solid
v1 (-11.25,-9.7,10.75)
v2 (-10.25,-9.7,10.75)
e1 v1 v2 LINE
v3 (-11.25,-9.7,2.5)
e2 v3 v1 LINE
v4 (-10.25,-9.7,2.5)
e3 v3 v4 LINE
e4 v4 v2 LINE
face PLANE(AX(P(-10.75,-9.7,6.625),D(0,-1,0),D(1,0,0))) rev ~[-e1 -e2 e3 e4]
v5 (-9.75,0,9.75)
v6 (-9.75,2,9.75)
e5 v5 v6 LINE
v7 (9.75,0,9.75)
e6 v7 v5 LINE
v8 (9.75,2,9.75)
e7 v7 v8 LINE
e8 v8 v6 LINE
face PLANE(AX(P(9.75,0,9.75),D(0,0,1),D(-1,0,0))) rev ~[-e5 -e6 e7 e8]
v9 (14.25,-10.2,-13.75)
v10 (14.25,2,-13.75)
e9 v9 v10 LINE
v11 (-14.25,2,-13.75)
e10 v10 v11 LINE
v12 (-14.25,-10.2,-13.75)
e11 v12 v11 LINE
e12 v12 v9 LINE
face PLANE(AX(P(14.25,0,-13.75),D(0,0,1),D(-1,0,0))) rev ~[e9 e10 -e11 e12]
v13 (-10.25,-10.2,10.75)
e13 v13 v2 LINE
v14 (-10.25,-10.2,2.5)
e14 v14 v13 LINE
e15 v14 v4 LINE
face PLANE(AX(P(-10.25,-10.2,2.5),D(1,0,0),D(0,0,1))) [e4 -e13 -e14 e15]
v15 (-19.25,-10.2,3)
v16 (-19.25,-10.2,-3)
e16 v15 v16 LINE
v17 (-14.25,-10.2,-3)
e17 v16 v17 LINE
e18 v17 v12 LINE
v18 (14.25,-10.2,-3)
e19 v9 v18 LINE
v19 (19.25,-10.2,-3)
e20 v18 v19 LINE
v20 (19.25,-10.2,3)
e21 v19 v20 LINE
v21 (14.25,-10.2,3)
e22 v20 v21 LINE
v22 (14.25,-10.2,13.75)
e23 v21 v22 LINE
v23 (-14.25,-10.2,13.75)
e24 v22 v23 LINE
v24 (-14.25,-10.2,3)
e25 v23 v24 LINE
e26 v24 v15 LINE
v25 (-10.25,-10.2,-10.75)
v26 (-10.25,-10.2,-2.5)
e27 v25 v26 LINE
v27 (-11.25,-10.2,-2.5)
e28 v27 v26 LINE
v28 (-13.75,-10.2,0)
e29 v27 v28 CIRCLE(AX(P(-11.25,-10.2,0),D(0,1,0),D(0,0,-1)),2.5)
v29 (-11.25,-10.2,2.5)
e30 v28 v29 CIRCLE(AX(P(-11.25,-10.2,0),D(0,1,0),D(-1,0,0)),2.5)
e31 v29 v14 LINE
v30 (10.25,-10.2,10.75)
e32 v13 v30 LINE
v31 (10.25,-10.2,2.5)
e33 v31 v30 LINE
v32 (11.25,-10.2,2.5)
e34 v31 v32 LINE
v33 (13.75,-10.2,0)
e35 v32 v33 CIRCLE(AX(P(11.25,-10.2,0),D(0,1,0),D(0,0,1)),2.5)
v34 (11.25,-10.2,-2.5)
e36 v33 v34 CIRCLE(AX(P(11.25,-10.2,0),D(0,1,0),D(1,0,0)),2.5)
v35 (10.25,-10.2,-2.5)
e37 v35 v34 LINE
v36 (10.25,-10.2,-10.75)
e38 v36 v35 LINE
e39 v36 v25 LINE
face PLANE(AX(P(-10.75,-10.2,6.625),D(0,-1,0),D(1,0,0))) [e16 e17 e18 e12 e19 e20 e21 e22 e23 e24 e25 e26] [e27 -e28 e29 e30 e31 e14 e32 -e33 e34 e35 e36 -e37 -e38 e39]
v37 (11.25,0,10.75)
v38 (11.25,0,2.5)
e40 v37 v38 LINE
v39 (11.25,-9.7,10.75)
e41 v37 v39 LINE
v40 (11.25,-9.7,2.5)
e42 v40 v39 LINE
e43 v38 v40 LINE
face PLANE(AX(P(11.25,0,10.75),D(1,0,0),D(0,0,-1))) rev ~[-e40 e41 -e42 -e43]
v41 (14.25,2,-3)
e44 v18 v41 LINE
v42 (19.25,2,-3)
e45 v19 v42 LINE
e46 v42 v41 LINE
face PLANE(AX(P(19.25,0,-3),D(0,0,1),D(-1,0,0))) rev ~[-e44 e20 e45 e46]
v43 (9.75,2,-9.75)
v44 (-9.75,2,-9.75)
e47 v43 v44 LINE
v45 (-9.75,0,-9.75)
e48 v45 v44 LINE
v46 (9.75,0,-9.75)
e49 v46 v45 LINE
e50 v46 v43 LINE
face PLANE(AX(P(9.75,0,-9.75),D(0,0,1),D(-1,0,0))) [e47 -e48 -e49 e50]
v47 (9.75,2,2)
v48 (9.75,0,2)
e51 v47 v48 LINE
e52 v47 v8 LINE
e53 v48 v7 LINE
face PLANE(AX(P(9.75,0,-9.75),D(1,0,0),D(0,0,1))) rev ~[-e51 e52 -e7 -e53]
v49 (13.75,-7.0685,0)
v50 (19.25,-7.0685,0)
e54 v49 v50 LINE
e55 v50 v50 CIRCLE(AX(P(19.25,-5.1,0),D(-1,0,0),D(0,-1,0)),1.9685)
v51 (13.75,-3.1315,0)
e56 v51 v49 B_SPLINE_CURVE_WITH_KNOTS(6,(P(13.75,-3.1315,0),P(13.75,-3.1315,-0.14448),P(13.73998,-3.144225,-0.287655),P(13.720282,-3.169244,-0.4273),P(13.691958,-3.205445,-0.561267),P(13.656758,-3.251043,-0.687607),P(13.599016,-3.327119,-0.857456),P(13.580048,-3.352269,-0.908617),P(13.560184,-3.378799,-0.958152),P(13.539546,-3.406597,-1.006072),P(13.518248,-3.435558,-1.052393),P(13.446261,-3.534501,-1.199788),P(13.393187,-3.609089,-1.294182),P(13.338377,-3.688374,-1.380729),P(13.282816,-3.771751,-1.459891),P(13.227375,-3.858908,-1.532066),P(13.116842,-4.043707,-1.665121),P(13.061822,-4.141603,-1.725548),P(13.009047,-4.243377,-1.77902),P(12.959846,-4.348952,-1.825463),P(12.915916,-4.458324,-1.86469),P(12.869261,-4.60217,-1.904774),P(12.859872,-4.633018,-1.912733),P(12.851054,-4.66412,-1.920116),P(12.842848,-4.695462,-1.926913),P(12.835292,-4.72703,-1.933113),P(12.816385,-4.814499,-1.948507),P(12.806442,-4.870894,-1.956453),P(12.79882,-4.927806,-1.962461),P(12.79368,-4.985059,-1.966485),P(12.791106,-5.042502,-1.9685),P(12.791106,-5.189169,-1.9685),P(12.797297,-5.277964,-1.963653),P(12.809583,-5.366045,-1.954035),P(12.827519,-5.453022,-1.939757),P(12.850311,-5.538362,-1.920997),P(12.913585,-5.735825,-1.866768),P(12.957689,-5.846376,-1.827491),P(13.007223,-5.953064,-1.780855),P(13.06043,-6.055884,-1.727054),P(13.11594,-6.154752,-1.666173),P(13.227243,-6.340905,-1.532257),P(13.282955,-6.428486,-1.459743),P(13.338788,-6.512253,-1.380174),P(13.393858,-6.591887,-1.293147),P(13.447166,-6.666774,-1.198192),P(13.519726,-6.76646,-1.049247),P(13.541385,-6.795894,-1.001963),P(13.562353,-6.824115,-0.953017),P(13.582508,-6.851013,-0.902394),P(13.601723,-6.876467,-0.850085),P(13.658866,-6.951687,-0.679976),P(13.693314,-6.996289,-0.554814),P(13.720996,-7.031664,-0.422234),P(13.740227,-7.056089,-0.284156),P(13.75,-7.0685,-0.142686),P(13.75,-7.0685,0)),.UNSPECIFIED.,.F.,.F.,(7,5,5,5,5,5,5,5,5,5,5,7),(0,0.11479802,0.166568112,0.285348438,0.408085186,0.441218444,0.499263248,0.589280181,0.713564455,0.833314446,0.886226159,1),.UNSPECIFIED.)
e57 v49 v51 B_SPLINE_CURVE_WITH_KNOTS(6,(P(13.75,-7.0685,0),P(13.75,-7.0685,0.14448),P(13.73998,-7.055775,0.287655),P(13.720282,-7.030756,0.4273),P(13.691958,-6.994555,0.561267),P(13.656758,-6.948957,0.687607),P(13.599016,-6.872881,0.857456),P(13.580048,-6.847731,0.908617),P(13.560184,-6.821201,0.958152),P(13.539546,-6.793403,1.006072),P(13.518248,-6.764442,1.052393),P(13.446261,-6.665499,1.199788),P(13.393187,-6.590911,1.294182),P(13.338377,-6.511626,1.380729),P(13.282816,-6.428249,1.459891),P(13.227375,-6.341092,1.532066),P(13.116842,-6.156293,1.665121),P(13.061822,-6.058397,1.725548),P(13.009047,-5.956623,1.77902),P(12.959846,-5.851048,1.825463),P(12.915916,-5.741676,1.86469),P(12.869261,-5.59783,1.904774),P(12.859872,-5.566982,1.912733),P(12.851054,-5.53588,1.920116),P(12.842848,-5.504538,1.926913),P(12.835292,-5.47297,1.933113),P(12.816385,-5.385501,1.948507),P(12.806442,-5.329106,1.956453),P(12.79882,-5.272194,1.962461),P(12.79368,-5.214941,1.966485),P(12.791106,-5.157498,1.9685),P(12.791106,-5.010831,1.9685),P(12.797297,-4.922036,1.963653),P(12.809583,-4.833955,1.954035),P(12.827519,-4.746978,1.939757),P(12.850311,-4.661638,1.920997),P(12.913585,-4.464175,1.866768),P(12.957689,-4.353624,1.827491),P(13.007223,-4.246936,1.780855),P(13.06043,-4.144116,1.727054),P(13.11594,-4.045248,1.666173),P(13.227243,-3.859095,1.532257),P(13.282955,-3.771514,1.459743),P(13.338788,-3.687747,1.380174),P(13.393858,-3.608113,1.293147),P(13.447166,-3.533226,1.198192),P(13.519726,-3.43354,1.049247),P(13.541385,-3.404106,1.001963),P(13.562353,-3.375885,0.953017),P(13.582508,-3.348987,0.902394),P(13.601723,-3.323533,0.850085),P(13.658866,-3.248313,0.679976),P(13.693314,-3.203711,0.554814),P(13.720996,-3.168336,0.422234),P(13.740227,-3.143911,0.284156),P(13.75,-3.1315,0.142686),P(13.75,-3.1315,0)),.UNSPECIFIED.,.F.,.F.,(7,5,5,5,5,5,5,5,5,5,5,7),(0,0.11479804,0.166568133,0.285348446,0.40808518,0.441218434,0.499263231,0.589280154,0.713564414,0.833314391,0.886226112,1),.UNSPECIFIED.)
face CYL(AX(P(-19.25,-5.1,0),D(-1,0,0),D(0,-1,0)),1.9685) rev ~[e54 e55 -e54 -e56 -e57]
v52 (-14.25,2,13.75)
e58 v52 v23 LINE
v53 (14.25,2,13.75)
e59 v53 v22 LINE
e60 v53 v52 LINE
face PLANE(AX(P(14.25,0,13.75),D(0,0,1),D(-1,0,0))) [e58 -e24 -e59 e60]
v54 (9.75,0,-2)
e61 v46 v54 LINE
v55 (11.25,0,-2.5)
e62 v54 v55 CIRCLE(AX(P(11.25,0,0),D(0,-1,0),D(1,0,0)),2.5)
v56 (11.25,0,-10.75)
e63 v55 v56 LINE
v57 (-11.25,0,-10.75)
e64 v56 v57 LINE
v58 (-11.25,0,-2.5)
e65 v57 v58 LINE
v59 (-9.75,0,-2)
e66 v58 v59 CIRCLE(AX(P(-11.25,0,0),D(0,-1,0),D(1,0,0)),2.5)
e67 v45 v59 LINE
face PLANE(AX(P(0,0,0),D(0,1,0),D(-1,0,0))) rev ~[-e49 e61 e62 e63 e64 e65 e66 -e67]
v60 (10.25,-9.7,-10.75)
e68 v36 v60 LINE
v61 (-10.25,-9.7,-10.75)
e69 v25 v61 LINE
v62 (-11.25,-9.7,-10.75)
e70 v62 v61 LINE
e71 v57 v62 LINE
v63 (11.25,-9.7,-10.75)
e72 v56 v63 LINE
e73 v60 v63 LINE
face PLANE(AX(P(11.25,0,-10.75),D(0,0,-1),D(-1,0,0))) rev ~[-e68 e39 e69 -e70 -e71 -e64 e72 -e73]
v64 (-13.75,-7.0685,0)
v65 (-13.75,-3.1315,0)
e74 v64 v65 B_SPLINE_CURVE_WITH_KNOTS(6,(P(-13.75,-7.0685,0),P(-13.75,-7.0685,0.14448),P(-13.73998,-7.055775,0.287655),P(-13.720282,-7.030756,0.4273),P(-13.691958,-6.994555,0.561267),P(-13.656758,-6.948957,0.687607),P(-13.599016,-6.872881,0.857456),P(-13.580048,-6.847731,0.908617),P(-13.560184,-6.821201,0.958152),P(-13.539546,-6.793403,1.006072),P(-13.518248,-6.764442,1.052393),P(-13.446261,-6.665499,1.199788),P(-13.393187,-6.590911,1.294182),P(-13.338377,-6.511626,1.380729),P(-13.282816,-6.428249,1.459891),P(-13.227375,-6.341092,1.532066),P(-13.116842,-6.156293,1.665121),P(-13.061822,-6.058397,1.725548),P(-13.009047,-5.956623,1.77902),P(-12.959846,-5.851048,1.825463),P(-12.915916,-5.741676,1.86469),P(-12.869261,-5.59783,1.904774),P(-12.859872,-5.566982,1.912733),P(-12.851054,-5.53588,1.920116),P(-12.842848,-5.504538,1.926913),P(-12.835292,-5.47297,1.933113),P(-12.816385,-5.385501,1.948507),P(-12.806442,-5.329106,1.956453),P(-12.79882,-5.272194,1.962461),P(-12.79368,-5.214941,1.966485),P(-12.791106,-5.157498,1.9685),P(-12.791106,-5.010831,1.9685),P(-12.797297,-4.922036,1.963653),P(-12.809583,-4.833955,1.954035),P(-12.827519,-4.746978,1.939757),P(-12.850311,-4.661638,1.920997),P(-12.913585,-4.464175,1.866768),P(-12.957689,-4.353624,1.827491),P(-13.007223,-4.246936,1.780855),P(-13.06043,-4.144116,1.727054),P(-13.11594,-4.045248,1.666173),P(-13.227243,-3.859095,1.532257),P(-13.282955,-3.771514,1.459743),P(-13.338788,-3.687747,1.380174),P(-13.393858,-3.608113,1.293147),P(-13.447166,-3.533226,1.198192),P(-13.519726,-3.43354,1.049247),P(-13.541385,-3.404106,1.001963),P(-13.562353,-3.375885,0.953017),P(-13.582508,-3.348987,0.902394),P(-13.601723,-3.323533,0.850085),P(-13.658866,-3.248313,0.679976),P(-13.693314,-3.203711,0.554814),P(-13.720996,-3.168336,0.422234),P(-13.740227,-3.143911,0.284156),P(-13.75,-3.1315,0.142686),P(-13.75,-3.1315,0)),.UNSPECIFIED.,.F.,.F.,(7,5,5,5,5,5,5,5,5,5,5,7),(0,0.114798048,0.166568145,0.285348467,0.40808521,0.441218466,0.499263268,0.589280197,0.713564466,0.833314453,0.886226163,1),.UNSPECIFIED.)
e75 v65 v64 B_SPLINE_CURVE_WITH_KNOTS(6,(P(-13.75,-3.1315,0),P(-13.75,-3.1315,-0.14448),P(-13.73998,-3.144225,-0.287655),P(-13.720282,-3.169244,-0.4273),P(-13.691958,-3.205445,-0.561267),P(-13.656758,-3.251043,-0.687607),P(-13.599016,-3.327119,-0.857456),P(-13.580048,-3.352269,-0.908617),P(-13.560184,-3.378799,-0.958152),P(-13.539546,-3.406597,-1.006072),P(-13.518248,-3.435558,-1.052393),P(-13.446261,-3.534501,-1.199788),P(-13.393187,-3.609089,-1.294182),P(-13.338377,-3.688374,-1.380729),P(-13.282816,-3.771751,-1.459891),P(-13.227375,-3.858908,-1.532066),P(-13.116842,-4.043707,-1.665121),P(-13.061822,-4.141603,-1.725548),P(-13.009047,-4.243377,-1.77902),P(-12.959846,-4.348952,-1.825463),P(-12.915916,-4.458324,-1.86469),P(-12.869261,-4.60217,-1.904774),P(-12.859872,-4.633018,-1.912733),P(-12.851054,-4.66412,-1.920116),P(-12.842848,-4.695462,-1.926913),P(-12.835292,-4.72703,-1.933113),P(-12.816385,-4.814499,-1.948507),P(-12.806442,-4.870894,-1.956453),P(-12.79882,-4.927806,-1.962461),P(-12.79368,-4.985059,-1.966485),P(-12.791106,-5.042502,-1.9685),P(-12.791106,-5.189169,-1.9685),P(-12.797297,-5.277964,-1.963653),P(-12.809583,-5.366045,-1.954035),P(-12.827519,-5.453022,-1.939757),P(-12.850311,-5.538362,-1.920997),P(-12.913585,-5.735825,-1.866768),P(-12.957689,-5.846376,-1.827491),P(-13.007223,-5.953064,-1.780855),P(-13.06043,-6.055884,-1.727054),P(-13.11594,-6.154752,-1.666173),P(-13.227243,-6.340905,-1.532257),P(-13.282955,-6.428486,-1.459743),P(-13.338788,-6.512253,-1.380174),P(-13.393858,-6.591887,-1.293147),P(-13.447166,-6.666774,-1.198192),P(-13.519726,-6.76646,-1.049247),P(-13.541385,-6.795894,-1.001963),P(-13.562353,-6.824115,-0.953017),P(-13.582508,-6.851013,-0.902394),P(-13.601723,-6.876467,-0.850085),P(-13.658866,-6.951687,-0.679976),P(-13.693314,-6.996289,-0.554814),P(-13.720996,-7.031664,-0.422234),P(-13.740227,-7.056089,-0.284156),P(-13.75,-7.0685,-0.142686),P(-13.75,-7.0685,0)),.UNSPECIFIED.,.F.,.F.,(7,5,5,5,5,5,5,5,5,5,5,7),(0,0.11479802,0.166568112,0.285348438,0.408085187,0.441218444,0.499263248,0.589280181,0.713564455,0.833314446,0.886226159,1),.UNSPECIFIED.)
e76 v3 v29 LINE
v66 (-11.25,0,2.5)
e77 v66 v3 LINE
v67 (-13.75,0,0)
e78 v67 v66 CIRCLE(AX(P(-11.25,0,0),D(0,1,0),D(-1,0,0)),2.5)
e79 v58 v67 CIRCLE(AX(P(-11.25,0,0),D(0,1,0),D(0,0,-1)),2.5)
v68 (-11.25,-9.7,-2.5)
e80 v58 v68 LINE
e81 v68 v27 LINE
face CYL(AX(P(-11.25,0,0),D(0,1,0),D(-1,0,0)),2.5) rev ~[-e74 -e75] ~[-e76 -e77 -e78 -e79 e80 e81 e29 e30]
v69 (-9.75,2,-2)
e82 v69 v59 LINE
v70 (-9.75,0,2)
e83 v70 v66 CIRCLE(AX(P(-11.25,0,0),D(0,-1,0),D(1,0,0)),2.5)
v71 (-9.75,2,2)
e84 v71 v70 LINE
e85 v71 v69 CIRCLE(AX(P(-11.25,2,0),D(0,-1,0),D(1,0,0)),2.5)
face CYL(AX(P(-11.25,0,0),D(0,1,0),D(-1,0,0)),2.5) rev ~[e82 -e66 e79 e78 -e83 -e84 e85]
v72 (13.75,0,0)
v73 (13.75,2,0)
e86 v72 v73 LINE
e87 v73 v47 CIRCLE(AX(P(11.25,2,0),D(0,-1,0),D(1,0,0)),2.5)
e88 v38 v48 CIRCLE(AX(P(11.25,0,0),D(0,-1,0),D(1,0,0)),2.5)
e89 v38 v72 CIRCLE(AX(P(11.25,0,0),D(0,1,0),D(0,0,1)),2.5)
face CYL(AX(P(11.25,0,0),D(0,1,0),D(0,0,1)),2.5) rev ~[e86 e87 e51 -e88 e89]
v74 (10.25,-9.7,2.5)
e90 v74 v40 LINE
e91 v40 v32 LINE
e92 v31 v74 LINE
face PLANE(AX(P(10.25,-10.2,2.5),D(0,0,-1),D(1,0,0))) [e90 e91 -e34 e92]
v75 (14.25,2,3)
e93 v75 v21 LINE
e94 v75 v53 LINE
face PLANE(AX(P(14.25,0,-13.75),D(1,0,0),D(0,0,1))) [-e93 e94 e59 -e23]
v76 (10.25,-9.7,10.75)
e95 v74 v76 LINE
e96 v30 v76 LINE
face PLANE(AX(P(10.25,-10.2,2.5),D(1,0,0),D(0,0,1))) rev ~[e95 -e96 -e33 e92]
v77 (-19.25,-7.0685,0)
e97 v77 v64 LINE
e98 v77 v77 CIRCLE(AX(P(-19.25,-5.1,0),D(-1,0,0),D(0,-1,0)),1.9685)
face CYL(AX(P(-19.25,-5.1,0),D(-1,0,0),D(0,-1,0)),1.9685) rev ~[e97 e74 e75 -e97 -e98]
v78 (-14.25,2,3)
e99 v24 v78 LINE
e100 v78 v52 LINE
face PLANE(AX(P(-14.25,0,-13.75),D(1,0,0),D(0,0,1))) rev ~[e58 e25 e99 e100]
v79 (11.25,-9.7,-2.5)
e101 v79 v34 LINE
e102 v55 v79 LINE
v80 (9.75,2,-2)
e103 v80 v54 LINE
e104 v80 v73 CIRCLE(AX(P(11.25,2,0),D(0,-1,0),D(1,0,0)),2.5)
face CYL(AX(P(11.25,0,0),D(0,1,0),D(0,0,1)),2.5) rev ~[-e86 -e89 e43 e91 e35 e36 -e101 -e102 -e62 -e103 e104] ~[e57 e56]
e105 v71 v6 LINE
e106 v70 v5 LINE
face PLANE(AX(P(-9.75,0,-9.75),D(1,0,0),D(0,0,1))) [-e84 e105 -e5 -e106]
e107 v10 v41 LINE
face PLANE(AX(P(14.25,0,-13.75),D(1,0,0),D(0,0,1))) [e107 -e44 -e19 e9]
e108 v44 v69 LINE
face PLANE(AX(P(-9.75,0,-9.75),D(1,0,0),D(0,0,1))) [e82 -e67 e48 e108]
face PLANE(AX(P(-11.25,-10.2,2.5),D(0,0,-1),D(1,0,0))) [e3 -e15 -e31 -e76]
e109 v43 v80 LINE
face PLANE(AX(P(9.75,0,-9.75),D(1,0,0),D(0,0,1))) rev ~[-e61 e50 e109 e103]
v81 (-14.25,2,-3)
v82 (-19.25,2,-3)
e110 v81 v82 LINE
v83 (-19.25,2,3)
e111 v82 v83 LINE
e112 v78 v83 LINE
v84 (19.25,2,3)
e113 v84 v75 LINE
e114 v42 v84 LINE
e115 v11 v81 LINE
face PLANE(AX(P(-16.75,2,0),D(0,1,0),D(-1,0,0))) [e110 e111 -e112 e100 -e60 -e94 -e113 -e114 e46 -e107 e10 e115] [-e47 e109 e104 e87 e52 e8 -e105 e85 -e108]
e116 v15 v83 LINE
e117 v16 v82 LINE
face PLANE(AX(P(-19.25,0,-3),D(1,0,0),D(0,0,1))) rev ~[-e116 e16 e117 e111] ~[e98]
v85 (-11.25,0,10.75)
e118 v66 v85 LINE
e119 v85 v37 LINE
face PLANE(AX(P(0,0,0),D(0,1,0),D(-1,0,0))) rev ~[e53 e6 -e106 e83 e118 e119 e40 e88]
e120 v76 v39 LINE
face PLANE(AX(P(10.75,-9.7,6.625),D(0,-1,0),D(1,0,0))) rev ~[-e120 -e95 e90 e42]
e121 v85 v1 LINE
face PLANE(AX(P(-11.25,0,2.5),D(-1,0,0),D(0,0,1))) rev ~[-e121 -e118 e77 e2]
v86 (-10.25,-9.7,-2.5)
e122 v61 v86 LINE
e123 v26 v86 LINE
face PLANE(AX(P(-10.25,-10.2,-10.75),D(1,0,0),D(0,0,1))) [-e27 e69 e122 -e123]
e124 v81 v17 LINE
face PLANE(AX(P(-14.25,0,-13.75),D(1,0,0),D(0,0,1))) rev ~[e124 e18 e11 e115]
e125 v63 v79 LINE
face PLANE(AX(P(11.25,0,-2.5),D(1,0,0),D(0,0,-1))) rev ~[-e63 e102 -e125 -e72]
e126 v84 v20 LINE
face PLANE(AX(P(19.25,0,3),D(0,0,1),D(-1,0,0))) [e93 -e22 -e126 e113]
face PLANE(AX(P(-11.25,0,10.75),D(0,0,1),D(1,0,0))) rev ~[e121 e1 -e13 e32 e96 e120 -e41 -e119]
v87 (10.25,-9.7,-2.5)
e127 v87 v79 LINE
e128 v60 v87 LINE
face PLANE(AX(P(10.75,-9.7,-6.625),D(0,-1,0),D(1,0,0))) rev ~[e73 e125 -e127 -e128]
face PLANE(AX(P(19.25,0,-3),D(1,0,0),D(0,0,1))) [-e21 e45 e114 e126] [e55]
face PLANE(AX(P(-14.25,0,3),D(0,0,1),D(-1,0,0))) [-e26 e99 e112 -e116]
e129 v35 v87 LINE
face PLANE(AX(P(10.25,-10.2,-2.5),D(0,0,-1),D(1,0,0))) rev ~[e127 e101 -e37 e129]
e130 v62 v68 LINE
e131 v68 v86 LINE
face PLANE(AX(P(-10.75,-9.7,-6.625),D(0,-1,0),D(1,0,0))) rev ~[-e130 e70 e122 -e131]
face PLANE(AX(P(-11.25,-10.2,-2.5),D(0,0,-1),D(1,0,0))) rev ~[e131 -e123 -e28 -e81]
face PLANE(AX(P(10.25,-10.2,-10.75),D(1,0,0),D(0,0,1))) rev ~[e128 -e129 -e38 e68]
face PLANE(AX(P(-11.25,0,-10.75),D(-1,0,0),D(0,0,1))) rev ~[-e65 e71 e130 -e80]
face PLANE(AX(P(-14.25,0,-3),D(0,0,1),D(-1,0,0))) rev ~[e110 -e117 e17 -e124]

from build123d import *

# Parameters (mm, degrees)
F1_DEPTH  = 10.2
F2_W      = 28.5
F2_H      = 27.5
F2_W_2    = 19.5
F2_H_2    = 19.5
F3_DEPTH  = 2
F4_R      = 1.9685
F5_DEPTH  = 38.5
F6_W      = 5
F6_H      = 6
F7_DEPTH  = 2
F8_W      = 5
F8_H      = 6
F9_DEPTH  = 2
F10_W     = 1
F10_H     = 8.25
F11_DEPTH = 0.5
F12_R     = 2.5
F13_DEPTH = 12.201


with BuildPart() as f1:
    # F0 (on Front) → F1 (new body)
    with BuildSketch(Plane.XZ):
        with BuildLine():
            Line((-14.25, 3), (-19.25, 3))
            Line((-19.25, 3), (-19.25, 0))
            Line((-19.25, 0), (-13.75, 0))
            ThreePointArc((-13.75, 0), (-13.017766953, 1.767766953), (-11.25, 2.5))
            Line((-11.25, 2.5), (-11.25, 10.75))
            Line((-11.25, 10.75), (0, 10.75))
            Line((0, 10.75), (0, 13.75))
            Line((0, 13.75), (-14.25, 13.75))
            Line((-14.25, 13.75), (-14.25, 3))
        make_face()
        with BuildLine():
            Line((-13.75, 0), (-19.25, 0))
            Line((-19.25, 0), (-19.25, -3))
            Line((-19.25, -3), (-14.25, -3))
            Line((-14.25, -3), (-14.25, -13.75))
            Line((-14.25, -13.75), (0, -13.75))
            Line((0, -13.75), (0, -10.75))
            Line((0, -10.75), (-11.25, -10.75))
            Line((-11.25, -10.75), (-11.25, -2.5))
            ThreePointArc((-11.25, -2.5), (-13.017766953, -1.767766953), (-13.75, 0))
        make_face()
        with BuildLine():
            Line((14.25, 13.75), (0, 13.75))
            Line((0, 13.75), (0, 10.75))
            Line((0, 10.75), (11.25, 10.75))
            Line((11.25, 10.75), (11.25, 2.5))
            ThreePointArc((11.25, 2.5), (13.017766953, 1.767766953), (13.75, 0))
            Line((13.75, 0), (19.25, 0))
            Line((19.25, 0), (19.25, 3))
            Line((19.25, 3), (14.25, 3))
            Line((14.25, 3), (14.25, 13.75))
        make_face()
        with BuildLine():
            Line((11.25, -10.75), (0, -10.75))
            Line((0, -10.75), (0, -13.75))
            Line((0, -13.75), (14.25, -13.75))
            Line((14.25, -13.75), (14.25, -3))
            Line((14.25, -3), (19.25, -3))
            Line((19.25, -3), (19.25, 0))
            Line((19.25, 0), (13.75, 0))
            ThreePointArc((13.75, 0), (13.017766953, -1.767766953), (11.25, -2.5))
            Line((11.25, -2.5), (11.25, -10.75))
        make_face()
    extrude(amount=F1_DEPTH)

    # F2 (on face) → F3 (join)
    with BuildSketch(Plane(origin=(0, 0, 0), x_dir=(-1, 0, 0), z_dir=(0, 1, 0))):
        Rectangle(F2_W, F2_H)
        Rectangle(F2_W_2, F2_H_2, mode=Mode.SUBTRACT)
    extrude(amount=F3_DEPTH)

    # F4 (on face) → F5 (cut, through all)
    with BuildSketch(Plane(origin=(-19.25, 0, 0), x_dir=(0, -1, 0), z_dir=(-1, 0, 0))):
        with Locations((5.1, 0)):
            Circle(F4_R)
    extrude(amount=-F5_DEPTH, mode=Mode.SUBTRACT)

    # F6 (on face) → F7 (join, through all)
    with BuildSketch(Plane(origin=(0, 0, 0), x_dir=(-1, 0, 0), z_dir=(0, 1, 0))):
        with Locations((-16.75, 0)):
            Rectangle(F6_W, F6_H)
    extrude(amount=F7_DEPTH)

    # F8 (on face) → F9 (join, through all)
    with BuildSketch(Plane(origin=(0, 0, 0), x_dir=(-1, 0, 0), z_dir=(0, 1, 0))):
        with Locations((16.75, 0)):
            Rectangle(F8_W, F8_H)
    extrude(amount=F9_DEPTH)

    # F10 (on face) → F11 (join)
    with BuildSketch(Plane.XZ.offset(10.2)):
        with Locations((-10.75, 6.625)):
            Rectangle(F10_W, F10_H)
        with Locations((10.75, 6.625)):
            Rectangle(F10_W, F10_H)
        with Locations((-10.75, -6.625)):
            Rectangle(F10_W, F10_H)
        with Locations((10.75, -6.625)):
            Rectangle(F10_W, F10_H)
    extrude(amount=-F11_DEPTH)

    # F12 (on face) → F13 (cut, through all)
    with BuildSketch(Plane.XZ.offset(10.2)):
        with Locations((-11.25, 0)):
            Circle(F12_R)
        with Locations((11.25, 0)):
            Circle(F12_R)
    extrude(amount=-F13_DEPTH, mode=Mode.SUBTRACT)


solid = f1.part
